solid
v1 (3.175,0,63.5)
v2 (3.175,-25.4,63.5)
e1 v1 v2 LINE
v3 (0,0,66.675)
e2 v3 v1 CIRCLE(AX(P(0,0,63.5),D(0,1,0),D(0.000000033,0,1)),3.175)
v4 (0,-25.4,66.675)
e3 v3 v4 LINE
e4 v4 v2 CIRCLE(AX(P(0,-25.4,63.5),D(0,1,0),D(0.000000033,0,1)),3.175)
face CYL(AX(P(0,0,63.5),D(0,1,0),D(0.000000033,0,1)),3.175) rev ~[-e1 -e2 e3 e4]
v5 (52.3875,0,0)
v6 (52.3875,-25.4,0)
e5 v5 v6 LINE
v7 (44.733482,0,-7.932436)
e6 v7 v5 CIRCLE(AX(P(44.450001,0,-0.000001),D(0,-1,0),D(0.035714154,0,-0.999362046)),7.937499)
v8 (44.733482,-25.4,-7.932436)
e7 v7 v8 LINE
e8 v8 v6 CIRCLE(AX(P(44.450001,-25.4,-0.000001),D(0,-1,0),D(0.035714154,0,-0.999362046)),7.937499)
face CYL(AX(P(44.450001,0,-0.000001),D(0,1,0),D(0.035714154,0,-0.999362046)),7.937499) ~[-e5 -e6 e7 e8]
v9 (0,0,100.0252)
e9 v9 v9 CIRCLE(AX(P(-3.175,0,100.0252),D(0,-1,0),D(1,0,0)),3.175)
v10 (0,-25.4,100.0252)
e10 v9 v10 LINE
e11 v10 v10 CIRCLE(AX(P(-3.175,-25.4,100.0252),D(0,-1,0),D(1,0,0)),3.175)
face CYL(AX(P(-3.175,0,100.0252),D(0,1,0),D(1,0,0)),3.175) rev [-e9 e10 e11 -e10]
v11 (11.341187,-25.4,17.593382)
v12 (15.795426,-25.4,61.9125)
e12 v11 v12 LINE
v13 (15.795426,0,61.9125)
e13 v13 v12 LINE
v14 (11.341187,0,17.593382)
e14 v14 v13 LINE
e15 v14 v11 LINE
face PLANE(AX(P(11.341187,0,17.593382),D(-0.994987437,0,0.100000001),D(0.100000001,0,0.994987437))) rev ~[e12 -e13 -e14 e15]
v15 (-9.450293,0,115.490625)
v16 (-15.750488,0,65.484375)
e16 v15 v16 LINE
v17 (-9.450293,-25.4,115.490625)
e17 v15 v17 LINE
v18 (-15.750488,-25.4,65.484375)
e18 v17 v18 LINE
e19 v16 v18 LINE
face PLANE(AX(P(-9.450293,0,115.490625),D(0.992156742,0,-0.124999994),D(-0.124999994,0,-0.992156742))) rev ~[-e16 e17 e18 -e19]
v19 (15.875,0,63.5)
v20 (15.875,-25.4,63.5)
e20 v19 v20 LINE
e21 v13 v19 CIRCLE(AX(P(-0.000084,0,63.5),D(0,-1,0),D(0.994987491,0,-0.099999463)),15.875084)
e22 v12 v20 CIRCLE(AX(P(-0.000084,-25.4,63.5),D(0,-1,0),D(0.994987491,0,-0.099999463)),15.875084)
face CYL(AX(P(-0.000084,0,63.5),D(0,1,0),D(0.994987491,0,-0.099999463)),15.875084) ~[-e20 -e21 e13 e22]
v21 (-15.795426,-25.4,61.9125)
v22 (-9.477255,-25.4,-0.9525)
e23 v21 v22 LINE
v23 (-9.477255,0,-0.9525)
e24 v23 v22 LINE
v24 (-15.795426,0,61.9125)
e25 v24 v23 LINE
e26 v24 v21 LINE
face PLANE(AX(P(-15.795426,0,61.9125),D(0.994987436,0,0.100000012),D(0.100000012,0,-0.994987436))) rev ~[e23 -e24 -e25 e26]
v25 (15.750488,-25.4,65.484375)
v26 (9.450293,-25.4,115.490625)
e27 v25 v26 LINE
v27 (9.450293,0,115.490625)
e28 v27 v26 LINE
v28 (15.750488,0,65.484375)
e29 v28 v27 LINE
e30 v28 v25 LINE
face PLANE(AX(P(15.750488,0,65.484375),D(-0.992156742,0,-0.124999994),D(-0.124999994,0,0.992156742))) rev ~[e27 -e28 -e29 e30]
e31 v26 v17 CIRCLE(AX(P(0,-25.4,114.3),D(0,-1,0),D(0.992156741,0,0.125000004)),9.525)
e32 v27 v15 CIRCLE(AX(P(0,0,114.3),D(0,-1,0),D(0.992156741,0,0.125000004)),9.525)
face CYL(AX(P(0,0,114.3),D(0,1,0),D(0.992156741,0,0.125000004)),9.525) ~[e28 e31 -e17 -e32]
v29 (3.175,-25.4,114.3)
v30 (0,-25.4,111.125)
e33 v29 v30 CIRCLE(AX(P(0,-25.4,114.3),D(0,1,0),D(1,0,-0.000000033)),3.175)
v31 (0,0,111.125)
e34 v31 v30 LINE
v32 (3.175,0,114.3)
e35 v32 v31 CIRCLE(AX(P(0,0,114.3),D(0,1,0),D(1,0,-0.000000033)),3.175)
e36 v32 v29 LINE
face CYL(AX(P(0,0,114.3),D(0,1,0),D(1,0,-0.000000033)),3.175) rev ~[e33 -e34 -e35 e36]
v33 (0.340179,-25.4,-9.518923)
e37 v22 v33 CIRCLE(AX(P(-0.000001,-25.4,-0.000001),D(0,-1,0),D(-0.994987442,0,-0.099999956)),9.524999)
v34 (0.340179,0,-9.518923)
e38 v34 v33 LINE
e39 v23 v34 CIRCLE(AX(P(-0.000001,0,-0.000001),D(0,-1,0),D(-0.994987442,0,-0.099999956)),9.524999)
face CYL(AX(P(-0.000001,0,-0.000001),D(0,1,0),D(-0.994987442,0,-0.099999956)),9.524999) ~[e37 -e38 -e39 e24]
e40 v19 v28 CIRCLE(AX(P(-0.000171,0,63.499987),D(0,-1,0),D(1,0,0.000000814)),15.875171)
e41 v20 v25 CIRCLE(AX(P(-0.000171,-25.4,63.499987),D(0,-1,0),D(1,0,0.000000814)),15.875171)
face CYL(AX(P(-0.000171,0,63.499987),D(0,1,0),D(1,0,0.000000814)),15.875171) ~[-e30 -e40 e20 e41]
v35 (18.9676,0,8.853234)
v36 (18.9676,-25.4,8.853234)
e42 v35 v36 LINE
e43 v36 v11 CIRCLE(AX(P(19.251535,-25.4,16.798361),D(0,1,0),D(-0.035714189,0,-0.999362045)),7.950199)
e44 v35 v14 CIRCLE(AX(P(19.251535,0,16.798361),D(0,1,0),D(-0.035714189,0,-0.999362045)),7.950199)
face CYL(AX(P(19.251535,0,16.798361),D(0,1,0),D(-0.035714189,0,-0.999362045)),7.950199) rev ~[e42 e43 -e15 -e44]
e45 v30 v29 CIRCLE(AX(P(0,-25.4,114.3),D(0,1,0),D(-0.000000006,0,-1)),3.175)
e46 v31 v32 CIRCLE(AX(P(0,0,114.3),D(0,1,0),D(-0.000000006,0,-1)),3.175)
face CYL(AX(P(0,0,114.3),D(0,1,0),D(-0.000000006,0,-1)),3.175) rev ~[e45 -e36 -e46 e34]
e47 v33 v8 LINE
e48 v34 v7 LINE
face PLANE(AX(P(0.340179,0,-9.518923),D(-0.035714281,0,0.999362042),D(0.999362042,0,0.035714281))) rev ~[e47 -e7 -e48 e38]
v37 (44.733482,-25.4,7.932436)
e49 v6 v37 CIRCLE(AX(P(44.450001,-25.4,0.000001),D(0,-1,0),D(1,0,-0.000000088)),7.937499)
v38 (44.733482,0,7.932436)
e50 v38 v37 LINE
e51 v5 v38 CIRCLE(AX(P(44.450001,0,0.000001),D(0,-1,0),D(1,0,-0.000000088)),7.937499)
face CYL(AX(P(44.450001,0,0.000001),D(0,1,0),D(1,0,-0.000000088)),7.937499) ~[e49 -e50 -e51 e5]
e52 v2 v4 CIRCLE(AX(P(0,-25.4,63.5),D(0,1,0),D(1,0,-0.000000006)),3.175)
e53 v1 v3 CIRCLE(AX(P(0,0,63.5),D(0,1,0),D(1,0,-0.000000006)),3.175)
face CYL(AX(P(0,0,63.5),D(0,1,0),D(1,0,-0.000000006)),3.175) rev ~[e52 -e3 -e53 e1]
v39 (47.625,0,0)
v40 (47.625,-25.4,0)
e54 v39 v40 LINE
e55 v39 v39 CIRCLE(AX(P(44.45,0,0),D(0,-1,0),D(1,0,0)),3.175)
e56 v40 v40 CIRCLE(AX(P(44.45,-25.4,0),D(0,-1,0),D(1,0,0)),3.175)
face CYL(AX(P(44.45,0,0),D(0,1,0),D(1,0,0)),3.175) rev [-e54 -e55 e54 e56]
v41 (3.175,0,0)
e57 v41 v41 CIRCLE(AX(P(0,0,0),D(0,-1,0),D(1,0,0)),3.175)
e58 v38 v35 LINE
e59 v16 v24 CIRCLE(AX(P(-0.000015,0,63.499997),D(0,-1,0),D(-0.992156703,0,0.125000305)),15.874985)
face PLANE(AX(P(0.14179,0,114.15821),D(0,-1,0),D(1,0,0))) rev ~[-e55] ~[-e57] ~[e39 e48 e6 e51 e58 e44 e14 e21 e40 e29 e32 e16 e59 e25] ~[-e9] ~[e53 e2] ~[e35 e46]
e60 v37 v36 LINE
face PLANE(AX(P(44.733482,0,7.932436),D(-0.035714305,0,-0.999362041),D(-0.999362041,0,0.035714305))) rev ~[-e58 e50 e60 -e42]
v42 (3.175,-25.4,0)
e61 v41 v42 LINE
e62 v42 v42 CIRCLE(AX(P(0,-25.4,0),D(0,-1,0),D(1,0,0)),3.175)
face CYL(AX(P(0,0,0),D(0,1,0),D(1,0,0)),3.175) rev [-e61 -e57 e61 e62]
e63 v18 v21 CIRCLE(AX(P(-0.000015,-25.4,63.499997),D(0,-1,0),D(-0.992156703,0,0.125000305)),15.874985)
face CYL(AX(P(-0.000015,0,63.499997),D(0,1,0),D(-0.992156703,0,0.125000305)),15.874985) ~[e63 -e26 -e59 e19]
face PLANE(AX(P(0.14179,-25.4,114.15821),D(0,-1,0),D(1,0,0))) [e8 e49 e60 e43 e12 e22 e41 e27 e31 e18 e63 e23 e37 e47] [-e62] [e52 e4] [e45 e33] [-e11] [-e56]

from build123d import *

# Parameters (mm, degrees)
F0_R     = 3.175
F1_DEPTH = 25.4


with BuildPart() as f1:
    # F0 (on Front) → F1 (new body)
    with BuildSketch(Plane.XZ):
        with BuildLine():
            ThreePointArc((3.175, 114.3), (-2.245064, 116.545064), (0, 111.125))
            ThreePointArc((0, 111.125), (2.245064, 112.054936), (3.175, 114.3))
        make_face()
        with BuildLine():
            ThreePointArc((0, 104.775), (6.735192, 107.564808), (9.525, 114.3))
            ThreePointArc((9.525, 114.3), (9.506305, 114.896483), (9.450293, 115.490625))
            ThreePointArc((9.450293, 115.490625), (0, 123.825), (-9.450293, 115.490625))
            ThreePointArc((-9.450293, 115.490625), (-7.14375, 107.999805), (0, 104.775))
        make_face()
        with BuildLine():
            ThreePointArc((3.175, 114.3), (2.245064, 112.054936), (0, 111.125))
            ThreePointArc((0, 111.125), (-2.245064, 116.545064), (3.175, 114.3))
        make_face(mode=Mode.SUBTRACT)
        with BuildLine():
            ThreePointArc((9.450293, 115.490625), (9.506305, 114.896483), (9.525, 114.3))
            ThreePointArc((9.525, 114.3), (6.735192, 107.564808), (0, 104.775))
            Line((0, 104.775), (0, 100.0252))
            Line((0, 100.0252), (0, 79.375))
            ThreePointArc((0, 79.375), (10.500326, 75.40625), (15.750488, 65.484375))
            Line((15.750488, 65.484375), (9.450293, 115.490625))
        make_face()
        with BuildLine():
            Line((0, 100.0252), (0, 104.775))
            ThreePointArc((0, 104.775), (-7.14375, 107.999805), (-9.450293, 115.490625))
            Line((-9.450293, 115.490625), (-15.750488, 65.484375))
            ThreePointArc((-15.750488, 65.484375), (-10.500326, 75.40625), (0, 79.375))
            Line((0, 79.375), (0, 100.0252))
        make_face()
        with Locations((-3.175, 100.0252)):
            Circle(F0_R, mode=Mode.SUBTRACT)
        with BuildLine():
            ThreePointArc((3.175, 63.5), (2.245064, 65.745064), (0, 66.675))
            ThreePointArc((0, 66.675), (-2.245064, 61.254936), (3.175, 63.5))
        make_face()
        with BuildLine():
            ThreePointArc((15.875, 63.5), (15.843841, 64.494139), (15.750488, 65.484375))
            ThreePointArc((15.750488, 65.484375), (10.500326, 75.40625), (0, 79.375))
            ThreePointArc((0, 79.375), (-10.500326, 75.40625), (-15.750488, 65.484375))
            ThreePointArc((-15.750488, 65.484375), (-15.873744, 63.699705), (-15.795426, 61.9125))
            ThreePointArc((-15.795426, 61.9125), (0, 47.625), (15.795426, 61.9125))
            ThreePointArc((15.795426, 61.9125), (15.855094, 62.705253), (15.875, 63.5))
        make_face()
        with BuildLine():
            ThreePointArc((3.175, 63.5), (-2.245064, 61.254936), (0, 66.675))
            ThreePointArc((0, 66.675), (2.245064, 65.745064), (3.175, 63.5))
        make_face(mode=Mode.SUBTRACT)
        with BuildLine():
            ThreePointArc((15.795426, 61.9125), (0, 47.625), (-15.795426, 61.9125))
            Line((-15.795426, 61.9125), (-9.477255, -0.9525))
            ThreePointArc((-9.477255, -0.9525), (-0.476848, 9.513056), (9.525, 0))
            ThreePointArc((9.525, 0), (6.854408, -6.613827), (0.340179, -9.518923))
            Line((0.340179, -9.518923), (44.733482, -7.932436))
            ThreePointArc((44.733482, -7.932436), (36.5125, 0), (44.733482, 7.932436))
            Line((44.733482, 7.932436), (18.9676, 8.853234))
            ThreePointArc((18.9676, 8.853234), (13.2612, 11.571359), (11.341187, 17.593382))
            Line((11.341187, 17.593382), (15.795426, 61.9125))
        make_face()
        with BuildLine():
            ThreePointArc((9.525, 0), (-0.476848, 9.513056), (-9.477255, -0.9525))
            ThreePointArc((-9.477255, -0.9525), (-6.262383, -7.17692), (0.340179, -9.518923))
            ThreePointArc((0.340179, -9.518923), (6.854408, -6.613827), (9.525, 0))
        make_face()
        Circle(F0_R, mode=Mode.SUBTRACT)
        with BuildLine():
            ThreePointArc((44.733482, 7.932436), (36.5125, 0), (44.733482, -7.932436))
            ThreePointArc((44.733482, -7.932436), (50.162007, -5.511523), (52.3875, 0))
            ThreePointArc((52.3875, 0), (50.162007, 5.511523), (44.733482, 7.932436))
        make_face()
        with Locations((44.45, 0)):
            Circle(F0_R, mode=Mode.SUBTRACT)
    extrude(amount=F1_DEPTH)


solid = f1.part
